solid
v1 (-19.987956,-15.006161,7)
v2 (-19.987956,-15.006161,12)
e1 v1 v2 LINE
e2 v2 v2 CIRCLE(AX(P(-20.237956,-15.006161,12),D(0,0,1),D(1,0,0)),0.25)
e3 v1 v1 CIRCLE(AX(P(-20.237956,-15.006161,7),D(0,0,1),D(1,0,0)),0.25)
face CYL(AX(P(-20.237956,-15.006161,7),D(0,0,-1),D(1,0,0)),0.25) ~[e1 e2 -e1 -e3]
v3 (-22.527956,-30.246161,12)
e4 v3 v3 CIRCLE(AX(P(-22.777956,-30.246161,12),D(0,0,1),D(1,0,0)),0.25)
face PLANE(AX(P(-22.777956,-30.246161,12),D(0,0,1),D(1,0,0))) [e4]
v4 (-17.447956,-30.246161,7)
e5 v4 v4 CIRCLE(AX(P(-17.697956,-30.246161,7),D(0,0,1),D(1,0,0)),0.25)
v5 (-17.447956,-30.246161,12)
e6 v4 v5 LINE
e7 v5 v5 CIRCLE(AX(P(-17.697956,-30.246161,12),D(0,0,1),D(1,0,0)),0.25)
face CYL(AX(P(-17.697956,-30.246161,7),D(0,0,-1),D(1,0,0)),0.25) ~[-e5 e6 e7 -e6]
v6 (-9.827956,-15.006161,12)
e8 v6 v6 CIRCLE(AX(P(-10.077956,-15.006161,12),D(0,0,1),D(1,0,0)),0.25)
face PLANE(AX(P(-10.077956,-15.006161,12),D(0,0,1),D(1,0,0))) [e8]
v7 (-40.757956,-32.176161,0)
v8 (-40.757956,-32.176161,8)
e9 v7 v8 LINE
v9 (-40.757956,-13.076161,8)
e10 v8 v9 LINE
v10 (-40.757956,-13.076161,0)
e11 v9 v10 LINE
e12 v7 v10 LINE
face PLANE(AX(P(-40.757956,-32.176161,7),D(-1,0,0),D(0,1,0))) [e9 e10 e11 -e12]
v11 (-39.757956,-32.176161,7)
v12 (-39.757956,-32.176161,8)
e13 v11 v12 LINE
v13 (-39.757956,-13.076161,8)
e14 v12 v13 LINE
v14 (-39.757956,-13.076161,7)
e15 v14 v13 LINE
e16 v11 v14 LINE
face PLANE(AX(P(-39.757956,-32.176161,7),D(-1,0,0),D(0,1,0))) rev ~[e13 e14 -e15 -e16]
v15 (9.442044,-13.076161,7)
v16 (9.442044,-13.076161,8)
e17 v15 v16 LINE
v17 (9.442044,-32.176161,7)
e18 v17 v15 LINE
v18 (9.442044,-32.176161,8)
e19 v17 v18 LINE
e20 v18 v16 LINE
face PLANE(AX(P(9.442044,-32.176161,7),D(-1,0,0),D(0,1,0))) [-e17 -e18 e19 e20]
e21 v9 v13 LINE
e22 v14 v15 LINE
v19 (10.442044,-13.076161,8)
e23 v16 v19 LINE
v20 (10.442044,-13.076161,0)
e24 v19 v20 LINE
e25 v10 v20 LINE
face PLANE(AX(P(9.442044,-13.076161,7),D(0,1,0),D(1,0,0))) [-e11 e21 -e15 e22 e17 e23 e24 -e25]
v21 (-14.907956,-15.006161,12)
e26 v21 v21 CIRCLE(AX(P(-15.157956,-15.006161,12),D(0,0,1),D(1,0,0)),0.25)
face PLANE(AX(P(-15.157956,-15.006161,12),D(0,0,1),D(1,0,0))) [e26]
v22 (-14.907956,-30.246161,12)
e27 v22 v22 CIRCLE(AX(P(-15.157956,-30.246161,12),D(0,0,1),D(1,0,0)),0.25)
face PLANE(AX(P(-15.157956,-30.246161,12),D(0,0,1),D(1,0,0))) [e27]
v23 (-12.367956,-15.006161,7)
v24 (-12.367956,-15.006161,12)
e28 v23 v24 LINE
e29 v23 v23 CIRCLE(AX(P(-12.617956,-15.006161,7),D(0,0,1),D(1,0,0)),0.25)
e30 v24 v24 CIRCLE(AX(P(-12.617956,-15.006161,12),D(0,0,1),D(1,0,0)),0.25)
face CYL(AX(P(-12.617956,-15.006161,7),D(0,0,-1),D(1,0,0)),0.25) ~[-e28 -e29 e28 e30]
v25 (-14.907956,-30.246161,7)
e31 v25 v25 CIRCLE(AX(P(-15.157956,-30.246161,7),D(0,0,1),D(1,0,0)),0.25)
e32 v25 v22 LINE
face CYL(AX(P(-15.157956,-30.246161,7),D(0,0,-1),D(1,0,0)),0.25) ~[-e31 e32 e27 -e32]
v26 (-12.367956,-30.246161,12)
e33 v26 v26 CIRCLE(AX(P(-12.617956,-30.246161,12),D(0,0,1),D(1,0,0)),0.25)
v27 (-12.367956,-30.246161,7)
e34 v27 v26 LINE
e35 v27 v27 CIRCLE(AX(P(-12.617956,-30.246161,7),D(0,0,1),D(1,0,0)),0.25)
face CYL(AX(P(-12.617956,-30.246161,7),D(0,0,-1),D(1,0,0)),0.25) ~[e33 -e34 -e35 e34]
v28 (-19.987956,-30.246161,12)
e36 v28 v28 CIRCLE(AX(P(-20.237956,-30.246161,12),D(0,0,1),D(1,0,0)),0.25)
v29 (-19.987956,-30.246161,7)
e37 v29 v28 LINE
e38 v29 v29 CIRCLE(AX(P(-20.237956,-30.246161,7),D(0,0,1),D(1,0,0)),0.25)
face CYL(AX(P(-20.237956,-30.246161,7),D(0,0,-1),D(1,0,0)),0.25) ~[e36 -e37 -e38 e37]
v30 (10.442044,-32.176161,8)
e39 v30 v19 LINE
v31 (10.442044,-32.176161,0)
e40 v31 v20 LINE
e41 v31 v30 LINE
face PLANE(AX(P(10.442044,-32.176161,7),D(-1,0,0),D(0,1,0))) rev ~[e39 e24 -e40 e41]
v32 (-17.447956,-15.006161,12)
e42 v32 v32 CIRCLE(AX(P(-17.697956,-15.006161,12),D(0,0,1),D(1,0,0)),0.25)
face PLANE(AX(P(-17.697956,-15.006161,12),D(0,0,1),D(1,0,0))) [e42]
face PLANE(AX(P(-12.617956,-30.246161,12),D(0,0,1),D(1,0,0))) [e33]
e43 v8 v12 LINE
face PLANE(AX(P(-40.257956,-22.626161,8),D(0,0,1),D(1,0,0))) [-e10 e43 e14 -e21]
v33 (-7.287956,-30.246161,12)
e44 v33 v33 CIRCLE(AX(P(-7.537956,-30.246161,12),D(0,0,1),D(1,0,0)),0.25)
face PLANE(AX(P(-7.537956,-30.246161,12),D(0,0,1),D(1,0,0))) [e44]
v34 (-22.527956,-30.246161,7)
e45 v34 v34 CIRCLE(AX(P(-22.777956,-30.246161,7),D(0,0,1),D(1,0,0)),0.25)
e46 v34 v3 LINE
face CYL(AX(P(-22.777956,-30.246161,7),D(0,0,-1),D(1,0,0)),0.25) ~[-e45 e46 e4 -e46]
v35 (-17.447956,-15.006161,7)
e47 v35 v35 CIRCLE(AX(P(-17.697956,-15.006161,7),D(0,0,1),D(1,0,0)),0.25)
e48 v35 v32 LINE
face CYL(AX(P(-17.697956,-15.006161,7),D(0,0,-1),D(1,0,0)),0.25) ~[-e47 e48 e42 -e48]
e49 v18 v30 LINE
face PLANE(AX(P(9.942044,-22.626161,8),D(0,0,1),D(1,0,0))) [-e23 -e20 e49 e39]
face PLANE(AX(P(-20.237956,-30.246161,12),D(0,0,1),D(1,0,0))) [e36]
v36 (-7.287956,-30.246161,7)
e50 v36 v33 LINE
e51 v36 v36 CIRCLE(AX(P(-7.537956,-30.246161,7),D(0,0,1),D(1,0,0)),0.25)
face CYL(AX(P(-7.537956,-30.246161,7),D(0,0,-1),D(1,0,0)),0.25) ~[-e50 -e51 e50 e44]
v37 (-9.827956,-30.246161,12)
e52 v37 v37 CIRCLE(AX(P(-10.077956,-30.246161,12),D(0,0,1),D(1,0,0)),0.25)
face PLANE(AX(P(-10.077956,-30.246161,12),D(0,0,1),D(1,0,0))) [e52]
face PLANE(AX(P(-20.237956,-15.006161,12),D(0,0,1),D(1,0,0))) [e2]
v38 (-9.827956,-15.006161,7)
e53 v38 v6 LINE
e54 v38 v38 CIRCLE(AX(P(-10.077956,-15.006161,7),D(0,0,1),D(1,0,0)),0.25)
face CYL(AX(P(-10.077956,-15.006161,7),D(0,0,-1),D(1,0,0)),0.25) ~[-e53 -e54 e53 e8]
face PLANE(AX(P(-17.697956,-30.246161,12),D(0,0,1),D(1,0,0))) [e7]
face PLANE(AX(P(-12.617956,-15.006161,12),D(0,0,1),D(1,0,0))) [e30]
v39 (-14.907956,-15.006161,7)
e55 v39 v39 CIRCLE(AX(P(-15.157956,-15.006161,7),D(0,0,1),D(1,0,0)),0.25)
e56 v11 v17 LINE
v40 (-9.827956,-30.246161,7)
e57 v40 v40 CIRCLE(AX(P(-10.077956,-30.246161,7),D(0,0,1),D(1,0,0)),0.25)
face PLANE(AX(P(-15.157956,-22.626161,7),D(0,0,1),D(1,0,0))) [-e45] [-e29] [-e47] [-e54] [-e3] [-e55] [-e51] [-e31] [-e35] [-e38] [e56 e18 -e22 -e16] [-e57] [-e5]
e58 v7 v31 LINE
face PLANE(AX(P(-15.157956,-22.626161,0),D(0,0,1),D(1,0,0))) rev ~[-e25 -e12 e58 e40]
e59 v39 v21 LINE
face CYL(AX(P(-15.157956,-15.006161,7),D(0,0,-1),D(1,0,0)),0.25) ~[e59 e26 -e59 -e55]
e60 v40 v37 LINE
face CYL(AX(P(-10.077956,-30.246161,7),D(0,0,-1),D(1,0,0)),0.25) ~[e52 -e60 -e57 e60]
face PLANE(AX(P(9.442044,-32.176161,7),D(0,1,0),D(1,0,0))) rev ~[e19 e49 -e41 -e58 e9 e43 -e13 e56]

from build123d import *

# Parameters (mm, degrees)
F0_W     = 51.2
F0_H     = 19.1
F1_DEPTH = 7
F3_W     = 1
F3_H     = 19.1
F4_DEPTH = 1
F5_W     = 1
F5_H     = 19.1
F6_DEPTH = 1
F7_R     = 0.25
F8_DEPTH = 5


with BuildPart() as f1:
    # F0 (on Top) → F1 (new body)
    with BuildSketch(Plane.XY):
        with Locations((-15.157956, -22.626161)):
            Rectangle(F0_W, F0_H)
    extrude(amount=F1_DEPTH)

    # F3 (on face) → F4 (join)
    with BuildSketch(Plane.XY.offset(7)):
        with Locations((-40.257956, -22.626161)):
            Rectangle(F3_W, F3_H)
    extrude(amount=F4_DEPTH)

    # F5 (on face) → F6 (join)
    with BuildSketch(Plane.XY.offset(7)):
        with Locations((9.942044, -22.626161)):
            Rectangle(F5_W, F5_H)
    extrude(amount=F6_DEPTH)

    # F7 (on face) → F8 (join)
    with BuildSketch(Plane.XY.offset(7)):
        with Locations((-15.157956, -15.006161)):
            Circle(F7_R)
        with Locations((-15.157956, -30.246161)):
            Circle(F7_R)
        with Locations((-12.617956, -15.006161)):
            Circle(F7_R)
        with Locations((-10.077956, -15.006161)):
            Circle(F7_R)
        with Locations((-17.697956, -15.006161)):
            Circle(F7_R)
        with Locations((-20.237956, -15.006161)):
            Circle(F7_R)
        with Locations((-12.617956, -30.246161)):
            Circle(F7_R)
        with Locations((-10.077956, -30.246161)):
            Circle(F7_R)
        with Locations((-7.537956, -30.246161)):
            Circle(F7_R)
        with Locations((-17.697956, -30.246161)):
            Circle(F7_R)
        with Locations((-20.237956, -30.246161)):
            Circle(F7_R)
        with Locations((-22.777956, -30.246161)):
            Circle(F7_R)
    extrude(amount=F8_DEPTH)


solid = f1.part
